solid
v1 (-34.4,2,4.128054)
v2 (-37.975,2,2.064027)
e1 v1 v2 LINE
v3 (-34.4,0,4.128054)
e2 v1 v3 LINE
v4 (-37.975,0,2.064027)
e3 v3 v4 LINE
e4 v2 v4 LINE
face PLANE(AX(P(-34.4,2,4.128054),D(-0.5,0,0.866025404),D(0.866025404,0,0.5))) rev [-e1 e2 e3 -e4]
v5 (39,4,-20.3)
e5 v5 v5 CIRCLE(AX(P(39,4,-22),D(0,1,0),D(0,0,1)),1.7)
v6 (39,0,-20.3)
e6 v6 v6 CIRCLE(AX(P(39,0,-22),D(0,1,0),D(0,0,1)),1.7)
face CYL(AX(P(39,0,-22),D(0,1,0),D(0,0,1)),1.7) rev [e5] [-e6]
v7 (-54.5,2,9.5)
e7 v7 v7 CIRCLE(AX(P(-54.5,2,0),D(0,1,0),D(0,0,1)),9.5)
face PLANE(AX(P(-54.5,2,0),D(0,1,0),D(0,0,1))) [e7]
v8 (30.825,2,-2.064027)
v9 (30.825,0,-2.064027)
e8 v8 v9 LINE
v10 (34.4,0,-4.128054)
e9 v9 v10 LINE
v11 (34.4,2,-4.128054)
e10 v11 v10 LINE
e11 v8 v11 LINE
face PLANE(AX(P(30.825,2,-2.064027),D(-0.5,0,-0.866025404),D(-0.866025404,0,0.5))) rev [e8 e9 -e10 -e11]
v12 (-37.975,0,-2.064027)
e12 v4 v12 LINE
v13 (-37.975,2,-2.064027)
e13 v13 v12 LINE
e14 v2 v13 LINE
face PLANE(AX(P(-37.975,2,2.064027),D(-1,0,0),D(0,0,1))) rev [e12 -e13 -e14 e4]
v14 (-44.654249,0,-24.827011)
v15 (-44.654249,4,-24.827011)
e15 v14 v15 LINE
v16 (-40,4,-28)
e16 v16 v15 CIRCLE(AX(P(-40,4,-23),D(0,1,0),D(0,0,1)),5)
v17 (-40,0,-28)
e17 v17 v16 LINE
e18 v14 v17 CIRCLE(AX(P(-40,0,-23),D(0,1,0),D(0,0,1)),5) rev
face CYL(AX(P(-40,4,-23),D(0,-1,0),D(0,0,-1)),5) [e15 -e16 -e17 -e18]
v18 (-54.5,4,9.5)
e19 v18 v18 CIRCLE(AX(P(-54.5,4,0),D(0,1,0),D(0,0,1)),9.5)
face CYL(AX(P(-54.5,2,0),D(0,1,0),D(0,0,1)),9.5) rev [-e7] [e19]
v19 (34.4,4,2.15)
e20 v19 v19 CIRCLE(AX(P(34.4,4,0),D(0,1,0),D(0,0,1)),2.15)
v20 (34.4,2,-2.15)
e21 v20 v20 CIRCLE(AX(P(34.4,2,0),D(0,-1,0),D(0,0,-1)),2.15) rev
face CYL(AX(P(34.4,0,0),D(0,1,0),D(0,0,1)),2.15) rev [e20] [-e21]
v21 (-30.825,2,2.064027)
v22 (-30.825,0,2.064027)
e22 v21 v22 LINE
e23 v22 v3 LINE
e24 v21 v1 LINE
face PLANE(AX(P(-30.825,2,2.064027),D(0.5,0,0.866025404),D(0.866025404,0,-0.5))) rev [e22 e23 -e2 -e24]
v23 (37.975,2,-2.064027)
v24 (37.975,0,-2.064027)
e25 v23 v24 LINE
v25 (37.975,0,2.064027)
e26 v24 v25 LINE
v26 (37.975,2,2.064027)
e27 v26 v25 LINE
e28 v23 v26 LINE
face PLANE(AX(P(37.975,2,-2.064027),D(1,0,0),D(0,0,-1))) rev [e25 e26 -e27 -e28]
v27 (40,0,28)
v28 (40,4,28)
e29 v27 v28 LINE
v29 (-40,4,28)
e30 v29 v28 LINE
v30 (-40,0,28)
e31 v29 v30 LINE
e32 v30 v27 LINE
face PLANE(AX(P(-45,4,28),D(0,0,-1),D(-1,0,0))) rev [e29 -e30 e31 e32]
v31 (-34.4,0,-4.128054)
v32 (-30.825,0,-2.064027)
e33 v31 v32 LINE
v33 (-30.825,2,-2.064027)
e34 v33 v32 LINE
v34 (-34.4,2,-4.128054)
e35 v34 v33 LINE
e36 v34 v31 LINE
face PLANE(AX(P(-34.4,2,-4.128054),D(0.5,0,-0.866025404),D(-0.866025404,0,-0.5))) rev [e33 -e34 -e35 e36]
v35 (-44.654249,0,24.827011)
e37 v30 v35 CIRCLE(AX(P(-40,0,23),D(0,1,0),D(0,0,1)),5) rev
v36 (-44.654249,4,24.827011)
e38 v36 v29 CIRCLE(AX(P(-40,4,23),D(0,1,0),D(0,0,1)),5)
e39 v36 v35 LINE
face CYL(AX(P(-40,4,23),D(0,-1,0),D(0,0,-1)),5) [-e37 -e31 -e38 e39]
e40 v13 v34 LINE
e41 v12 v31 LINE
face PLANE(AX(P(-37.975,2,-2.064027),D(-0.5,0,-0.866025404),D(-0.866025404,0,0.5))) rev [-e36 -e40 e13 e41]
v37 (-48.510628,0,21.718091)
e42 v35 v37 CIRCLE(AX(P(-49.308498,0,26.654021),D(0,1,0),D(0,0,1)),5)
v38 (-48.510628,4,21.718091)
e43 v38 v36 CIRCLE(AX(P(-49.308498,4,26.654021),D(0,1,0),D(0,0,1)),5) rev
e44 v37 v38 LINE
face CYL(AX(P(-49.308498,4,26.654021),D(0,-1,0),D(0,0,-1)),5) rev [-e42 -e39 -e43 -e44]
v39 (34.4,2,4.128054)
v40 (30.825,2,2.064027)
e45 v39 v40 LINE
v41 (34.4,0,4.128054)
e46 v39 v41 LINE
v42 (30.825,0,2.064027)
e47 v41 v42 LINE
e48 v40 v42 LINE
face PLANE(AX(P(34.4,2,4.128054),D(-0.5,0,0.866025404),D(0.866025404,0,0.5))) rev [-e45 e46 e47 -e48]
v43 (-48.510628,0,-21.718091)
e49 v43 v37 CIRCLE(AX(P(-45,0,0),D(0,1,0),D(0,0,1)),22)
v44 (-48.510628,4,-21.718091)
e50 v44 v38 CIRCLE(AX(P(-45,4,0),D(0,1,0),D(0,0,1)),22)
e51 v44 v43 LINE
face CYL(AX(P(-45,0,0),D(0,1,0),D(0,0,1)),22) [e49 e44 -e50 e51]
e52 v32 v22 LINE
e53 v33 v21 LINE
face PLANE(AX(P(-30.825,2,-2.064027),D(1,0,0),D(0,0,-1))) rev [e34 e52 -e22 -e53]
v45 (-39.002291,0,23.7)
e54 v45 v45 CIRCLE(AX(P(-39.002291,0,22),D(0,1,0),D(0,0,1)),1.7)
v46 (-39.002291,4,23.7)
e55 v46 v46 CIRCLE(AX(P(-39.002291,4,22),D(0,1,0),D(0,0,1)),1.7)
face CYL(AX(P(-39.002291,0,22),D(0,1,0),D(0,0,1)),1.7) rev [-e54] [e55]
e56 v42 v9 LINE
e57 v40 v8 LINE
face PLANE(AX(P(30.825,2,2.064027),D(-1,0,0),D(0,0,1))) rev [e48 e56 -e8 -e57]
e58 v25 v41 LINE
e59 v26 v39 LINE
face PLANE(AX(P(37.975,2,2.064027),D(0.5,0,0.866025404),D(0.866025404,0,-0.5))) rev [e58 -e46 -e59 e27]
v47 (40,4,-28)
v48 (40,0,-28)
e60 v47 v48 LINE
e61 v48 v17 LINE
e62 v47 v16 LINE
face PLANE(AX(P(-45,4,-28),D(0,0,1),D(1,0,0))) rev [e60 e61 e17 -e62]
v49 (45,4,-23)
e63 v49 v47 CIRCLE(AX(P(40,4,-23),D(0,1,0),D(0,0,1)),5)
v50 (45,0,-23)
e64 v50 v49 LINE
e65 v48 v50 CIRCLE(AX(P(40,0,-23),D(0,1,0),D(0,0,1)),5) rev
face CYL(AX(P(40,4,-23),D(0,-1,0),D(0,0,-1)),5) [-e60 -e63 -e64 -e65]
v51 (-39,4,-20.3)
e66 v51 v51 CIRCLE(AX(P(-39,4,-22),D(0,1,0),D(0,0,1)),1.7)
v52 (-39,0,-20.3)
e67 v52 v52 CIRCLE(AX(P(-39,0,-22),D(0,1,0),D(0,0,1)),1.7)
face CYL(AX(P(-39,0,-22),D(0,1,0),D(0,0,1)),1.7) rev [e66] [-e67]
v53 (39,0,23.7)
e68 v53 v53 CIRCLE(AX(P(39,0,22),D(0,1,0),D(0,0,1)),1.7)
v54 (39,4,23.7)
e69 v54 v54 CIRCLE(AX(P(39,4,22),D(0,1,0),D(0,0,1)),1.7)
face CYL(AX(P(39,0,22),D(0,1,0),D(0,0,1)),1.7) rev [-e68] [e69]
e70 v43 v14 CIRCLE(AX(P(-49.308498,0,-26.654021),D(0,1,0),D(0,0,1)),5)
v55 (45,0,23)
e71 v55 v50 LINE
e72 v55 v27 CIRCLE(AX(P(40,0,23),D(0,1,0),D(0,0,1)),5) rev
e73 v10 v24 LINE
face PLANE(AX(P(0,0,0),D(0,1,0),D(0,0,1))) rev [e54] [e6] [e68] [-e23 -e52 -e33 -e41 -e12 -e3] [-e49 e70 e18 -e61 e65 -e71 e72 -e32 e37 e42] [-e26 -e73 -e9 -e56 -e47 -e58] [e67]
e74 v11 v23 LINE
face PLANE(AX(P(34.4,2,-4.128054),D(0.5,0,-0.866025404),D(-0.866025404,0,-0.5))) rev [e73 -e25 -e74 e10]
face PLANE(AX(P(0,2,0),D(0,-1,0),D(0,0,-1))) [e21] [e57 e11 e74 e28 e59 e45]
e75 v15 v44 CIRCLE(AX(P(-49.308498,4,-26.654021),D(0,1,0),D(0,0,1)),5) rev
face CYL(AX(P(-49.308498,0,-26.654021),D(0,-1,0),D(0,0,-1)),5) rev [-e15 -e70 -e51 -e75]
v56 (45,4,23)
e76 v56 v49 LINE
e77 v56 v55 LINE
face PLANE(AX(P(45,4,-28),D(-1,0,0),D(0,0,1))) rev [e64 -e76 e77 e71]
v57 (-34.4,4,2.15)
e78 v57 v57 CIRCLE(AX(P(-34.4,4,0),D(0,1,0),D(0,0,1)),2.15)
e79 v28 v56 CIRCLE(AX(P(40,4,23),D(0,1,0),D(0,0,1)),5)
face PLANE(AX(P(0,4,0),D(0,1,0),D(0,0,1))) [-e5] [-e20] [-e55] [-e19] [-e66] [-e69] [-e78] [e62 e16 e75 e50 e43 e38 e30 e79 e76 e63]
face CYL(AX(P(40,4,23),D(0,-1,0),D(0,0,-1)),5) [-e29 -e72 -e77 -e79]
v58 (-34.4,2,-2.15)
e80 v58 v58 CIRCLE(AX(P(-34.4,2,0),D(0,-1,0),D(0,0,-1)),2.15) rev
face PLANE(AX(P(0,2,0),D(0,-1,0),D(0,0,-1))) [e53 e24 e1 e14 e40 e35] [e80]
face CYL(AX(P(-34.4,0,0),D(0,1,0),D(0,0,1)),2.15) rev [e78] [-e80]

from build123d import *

# Parameters (mm, degrees)
SKETCH1_W           = 90
SKETCH1_H           = 56
BOSS_EXTRUDE1_DEPTH = 4
SKETCH2_R           = 2.15
SKETCH2_R_2         = 1.7
CUT_EXTRUDE1_DEPTH  = 4
CUT_EXTRUDE2_DEPTH  = 2
BOSS_EXTRUDE3_DEPTH = 4
SKETCH6_R           = 9.5
CUT_EXTRUDE3_DEPTH  = 2
FILLET1_R           = 5
FILLET2_R           = 5


with BuildPart() as part:
    # Sketch1 → Boss-Extrude1 (new body)
    with BuildSketch(Plane(origin=(0, 0, 0), x_dir=(1, 0, 0), z_dir=(0, 1, 0))):
        Rectangle(SKETCH1_W, SKETCH1_H)
    extrude(amount=BOSS_EXTRUDE1_DEPTH)

    # Sketch2 → Cut-Extrude1 (cut)
    with BuildSketch(Plane(origin=(0, 4, 0), x_dir=(1, 0, 0), z_dir=(0, 1, 0))):
        with Locations(Location((-34.4, 0, 0), (0, 0, 270))):
            Circle(SKETCH2_R)
        with Locations(Location((34.4, 0, 0), (0, 0, 270))):
            Circle(SKETCH2_R)
        with Locations(Location((-39.002290859, -22, 0), (0, 0, 270))):
            Circle(SKETCH2_R_2)
        with Locations(Location((39, -22, 0), (0, 0, 270))):
            Circle(SKETCH2_R_2)
        with Locations(Location((39, 22, 0), (0, 0, 270))):
            Circle(SKETCH2_R_2)
        with Locations(Location((-39, 22, 0), (0, 0, 270))):
            Circle(SKETCH2_R_2)
    extrude(amount=-CUT_EXTRUDE1_DEPTH, mode=Mode.SUBTRACT)

    # Sketch3 → Cut-Extrude2 (cut)
    with BuildSketch(Plane.XZ):
        Polygon((30.825, -2.064027212), (34.4, -4.128054425), (37.975, -2.064027212), (37.975, 2.064027212), (34.4, 4.128054425), (30.825, 2.064027212), align=None)
        Polygon((-37.975, -2.064027212), (-34.4, -4.128054425), (-30.825, -2.064027212), (-30.825, 2.064027212), (-34.4, 4.128054425), (-37.975, 2.064027212), align=None)
    extrude(amount=-CUT_EXTRUDE2_DEPTH, mode=Mode.SUBTRACT)

    # Sketch4 → Boss-Extrude3 (add)
    with BuildSketch(Plane(origin=(0, 4, 0), x_dir=(1, 0, 0), z_dir=(0, 1, 0))):
        with BuildLine():
            Line((-45, -22), (-45, 22))
            ThreePointArc((-45, 22), (-67, 0), (-45, -22))
        make_face()
    extrude(amount=-BOSS_EXTRUDE3_DEPTH)

    # Sketch6 → Cut-Extrude3 (cut)
    with BuildSketch(Plane(origin=(0, 4, 0), x_dir=(1, 0, 0), z_dir=(0, 1, 0))):
        with Locations(Location((-54.5, 0, 0), (0, 0, 270))):
            Circle(SKETCH6_R)
    extrude(amount=-CUT_EXTRUDE3_DEPTH, mode=Mode.SUBTRACT)

    # Fillet1
    fillet1_edges = [part.edges().sort_by_distance(p)[0] for p in [
        (-45, 2, -28),
        (45, 2, -28),
        (45, 2, 28),
        (-45, 2, 28),
    ]]
    fillet(fillet1_edges, radius=FILLET1_R)

    # Fillet2
    fillet2_edges = [part.edges().sort_by_distance(p)[0] for p in [
        (-45, 2, -22),
        (-45, 2, 22),
    ]]
    fillet(fillet2_edges, radius=FILLET2_R)


solid = part.part
